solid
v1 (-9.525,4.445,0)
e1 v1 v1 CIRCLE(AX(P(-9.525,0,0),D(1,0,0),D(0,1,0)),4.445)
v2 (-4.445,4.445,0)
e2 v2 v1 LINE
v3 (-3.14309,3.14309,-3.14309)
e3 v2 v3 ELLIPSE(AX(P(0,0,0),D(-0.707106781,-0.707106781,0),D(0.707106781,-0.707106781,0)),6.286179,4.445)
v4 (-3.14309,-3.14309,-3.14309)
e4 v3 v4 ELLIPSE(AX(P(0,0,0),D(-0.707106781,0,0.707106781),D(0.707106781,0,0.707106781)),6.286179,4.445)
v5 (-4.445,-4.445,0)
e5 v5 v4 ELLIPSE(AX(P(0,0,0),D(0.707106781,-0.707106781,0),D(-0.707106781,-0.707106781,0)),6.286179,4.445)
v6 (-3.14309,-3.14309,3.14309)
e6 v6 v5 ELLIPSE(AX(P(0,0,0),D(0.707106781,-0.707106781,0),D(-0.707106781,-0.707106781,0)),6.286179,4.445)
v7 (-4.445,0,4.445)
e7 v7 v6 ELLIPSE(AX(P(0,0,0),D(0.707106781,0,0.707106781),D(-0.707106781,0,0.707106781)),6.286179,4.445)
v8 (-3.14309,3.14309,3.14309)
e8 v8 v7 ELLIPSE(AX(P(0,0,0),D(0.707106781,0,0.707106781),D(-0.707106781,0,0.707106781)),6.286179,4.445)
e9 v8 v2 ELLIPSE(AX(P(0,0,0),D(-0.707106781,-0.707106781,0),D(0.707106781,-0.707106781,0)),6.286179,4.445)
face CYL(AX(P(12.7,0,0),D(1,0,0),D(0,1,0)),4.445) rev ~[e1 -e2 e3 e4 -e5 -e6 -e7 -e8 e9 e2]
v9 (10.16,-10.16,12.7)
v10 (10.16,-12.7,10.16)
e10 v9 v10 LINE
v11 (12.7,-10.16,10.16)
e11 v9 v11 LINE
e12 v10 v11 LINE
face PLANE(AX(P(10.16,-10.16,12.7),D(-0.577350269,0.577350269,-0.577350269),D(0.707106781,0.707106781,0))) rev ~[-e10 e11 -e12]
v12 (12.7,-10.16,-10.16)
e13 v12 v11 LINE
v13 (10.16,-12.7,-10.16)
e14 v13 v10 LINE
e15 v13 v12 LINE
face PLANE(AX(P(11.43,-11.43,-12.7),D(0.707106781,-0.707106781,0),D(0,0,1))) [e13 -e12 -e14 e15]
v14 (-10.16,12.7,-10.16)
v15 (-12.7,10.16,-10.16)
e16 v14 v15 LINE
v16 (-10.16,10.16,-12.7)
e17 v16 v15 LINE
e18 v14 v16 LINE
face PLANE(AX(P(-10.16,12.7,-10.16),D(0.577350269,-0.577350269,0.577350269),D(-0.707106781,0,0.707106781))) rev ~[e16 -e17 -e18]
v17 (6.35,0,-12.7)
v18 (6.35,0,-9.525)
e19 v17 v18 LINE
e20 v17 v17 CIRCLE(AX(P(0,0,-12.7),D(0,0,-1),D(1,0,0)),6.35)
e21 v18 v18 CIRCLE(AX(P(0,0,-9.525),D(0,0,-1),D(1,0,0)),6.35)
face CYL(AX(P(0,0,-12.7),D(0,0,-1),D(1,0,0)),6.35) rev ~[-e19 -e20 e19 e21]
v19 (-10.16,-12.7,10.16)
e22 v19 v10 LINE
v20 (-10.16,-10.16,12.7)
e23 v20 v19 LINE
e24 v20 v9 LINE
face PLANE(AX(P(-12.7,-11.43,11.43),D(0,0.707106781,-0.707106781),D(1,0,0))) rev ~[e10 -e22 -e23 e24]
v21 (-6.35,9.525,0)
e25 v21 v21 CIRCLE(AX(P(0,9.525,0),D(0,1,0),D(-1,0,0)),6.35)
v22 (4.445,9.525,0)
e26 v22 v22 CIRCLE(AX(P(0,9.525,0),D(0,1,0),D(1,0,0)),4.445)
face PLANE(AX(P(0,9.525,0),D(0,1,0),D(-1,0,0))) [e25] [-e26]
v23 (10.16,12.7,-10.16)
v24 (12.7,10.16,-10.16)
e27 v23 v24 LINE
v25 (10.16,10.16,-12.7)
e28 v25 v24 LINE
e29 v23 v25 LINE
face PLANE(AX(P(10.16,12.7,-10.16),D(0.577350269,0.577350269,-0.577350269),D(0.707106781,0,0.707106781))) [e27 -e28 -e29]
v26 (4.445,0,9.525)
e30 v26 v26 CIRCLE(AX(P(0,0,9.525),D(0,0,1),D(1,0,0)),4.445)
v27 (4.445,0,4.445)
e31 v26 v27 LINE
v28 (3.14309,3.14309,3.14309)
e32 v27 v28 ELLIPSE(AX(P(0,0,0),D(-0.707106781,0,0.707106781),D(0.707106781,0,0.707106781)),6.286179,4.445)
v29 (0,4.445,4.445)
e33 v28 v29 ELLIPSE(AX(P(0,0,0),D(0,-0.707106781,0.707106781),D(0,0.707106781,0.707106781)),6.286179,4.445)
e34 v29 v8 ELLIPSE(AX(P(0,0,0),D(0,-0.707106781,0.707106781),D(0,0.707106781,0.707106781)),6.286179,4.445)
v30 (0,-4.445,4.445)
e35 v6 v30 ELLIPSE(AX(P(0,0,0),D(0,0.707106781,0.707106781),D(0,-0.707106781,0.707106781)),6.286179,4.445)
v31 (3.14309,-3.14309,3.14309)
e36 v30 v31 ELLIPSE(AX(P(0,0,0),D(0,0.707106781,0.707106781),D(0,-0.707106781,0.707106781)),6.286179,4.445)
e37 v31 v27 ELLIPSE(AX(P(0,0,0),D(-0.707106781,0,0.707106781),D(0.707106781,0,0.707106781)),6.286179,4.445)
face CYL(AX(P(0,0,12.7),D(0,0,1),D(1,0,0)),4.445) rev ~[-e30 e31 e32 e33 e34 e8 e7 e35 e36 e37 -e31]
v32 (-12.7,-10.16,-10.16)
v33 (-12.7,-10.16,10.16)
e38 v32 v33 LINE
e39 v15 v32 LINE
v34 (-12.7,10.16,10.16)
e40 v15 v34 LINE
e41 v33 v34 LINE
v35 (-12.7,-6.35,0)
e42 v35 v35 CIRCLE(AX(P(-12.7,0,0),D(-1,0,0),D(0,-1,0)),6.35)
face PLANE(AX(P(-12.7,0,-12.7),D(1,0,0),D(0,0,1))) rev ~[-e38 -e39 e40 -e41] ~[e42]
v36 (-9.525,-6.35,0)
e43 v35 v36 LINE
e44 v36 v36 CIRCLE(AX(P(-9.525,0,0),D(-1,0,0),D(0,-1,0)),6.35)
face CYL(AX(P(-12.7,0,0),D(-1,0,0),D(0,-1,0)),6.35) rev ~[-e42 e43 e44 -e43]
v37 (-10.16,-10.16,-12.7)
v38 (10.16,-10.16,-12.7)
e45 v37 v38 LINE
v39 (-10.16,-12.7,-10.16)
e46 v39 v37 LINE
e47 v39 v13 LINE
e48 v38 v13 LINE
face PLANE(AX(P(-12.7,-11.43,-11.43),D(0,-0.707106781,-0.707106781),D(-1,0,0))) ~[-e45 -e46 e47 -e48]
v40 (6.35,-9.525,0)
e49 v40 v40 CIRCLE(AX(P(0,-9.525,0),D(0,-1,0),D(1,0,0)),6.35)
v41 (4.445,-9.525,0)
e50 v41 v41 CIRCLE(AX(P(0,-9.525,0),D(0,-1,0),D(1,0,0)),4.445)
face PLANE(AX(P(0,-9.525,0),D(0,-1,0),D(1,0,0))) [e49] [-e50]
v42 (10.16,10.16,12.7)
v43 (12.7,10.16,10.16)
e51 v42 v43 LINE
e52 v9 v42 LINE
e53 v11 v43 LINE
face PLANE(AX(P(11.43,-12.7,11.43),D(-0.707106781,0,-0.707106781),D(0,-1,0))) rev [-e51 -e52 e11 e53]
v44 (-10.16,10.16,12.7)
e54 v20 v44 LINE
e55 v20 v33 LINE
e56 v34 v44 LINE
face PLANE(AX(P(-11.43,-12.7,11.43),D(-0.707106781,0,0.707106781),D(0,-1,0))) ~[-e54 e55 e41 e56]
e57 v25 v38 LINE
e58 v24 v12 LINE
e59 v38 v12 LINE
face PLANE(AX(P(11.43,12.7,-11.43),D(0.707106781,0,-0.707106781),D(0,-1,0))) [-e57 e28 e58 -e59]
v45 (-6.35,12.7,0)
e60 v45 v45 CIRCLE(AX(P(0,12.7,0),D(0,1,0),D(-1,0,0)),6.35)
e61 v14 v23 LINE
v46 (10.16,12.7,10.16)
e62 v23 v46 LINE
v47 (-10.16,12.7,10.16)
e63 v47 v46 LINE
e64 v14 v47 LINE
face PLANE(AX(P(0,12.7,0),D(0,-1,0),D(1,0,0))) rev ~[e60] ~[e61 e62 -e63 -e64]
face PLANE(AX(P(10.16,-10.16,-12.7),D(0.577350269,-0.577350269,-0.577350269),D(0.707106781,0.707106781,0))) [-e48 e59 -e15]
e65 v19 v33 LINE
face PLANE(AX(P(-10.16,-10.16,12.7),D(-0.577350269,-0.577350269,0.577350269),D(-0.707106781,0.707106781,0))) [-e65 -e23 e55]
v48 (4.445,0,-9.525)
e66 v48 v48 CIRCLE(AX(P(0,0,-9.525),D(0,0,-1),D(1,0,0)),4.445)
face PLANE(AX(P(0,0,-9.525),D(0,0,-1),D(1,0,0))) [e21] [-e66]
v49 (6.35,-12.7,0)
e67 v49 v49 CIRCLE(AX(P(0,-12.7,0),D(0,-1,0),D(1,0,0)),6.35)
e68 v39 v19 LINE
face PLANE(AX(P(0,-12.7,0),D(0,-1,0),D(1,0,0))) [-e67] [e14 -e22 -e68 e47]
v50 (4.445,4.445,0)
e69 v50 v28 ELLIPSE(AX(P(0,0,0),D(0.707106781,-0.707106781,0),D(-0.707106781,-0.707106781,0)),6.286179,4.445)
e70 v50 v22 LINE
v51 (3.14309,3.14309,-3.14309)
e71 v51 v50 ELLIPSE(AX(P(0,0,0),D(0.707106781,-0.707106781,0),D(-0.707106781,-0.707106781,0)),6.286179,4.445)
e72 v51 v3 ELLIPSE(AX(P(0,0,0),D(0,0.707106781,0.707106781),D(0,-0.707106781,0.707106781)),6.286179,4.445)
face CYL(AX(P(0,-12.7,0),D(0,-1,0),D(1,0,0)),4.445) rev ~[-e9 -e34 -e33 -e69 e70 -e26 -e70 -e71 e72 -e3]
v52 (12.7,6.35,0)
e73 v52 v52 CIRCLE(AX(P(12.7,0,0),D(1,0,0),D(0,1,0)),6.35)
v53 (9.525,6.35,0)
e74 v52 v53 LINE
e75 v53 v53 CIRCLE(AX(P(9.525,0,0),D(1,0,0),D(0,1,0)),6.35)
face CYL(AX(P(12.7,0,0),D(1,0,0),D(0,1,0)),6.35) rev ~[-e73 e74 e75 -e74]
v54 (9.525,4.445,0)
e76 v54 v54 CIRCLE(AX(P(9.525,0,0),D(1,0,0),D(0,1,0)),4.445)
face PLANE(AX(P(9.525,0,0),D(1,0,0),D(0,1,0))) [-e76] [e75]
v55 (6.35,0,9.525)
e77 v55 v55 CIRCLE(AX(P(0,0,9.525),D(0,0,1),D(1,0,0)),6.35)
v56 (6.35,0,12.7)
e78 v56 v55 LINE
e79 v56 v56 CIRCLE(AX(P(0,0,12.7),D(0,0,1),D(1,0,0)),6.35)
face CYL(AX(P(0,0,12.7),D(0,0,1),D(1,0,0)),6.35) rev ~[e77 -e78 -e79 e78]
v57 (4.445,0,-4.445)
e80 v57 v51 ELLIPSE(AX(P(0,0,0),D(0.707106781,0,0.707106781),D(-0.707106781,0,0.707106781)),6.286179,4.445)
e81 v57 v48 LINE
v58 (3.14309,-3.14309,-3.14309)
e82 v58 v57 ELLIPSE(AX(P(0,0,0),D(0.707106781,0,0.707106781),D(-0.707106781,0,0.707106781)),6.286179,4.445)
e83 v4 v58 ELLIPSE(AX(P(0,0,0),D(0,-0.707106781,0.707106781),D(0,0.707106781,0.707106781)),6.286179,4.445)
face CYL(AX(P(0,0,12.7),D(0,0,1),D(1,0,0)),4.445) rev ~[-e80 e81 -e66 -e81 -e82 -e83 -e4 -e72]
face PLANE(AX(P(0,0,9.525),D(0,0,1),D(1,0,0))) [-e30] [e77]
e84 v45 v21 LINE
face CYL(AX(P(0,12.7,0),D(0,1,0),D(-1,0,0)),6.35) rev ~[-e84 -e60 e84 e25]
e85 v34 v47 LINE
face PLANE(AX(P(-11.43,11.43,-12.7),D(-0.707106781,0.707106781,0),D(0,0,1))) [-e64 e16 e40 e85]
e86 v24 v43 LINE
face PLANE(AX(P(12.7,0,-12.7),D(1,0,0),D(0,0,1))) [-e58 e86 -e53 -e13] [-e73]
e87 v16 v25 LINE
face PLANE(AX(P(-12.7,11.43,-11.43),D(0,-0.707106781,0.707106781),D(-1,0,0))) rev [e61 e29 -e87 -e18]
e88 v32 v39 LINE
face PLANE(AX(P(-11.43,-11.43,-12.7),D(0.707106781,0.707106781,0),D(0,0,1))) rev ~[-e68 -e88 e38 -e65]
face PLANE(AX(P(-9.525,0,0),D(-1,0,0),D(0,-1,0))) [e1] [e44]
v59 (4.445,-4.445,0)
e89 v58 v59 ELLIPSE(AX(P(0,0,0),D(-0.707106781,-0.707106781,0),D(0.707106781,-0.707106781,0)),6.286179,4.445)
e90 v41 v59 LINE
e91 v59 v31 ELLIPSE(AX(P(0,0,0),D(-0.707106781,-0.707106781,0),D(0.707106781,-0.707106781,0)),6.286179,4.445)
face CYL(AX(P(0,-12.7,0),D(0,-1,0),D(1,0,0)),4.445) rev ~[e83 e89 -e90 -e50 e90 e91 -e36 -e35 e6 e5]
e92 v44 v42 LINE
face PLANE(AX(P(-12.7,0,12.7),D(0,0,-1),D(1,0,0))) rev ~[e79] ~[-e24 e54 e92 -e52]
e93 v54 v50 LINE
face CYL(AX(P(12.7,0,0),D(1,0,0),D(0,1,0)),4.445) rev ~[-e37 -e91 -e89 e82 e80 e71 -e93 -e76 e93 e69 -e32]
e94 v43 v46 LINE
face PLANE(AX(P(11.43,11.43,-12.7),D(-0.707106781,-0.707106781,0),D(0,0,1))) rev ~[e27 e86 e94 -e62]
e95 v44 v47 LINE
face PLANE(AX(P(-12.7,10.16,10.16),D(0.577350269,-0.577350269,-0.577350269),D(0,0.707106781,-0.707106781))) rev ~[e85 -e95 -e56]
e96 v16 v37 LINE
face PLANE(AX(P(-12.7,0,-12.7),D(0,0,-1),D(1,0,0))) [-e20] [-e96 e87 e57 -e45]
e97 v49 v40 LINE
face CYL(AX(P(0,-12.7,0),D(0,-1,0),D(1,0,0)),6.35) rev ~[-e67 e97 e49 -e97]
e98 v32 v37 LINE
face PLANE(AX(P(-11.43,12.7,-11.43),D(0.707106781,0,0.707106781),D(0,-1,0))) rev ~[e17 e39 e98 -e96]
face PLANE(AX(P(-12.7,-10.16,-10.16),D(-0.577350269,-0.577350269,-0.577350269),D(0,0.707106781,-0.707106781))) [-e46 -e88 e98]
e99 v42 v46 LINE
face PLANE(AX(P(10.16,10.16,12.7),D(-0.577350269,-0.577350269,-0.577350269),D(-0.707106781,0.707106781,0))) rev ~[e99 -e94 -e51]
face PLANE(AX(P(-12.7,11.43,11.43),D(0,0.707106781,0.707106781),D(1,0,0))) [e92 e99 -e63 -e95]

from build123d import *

# Parameters (mm, degrees)
F0_W          = 25.4
F0_H          = 25.4
F1_DEPTH      = 12.7
F1_DEPTH_BACK = 12.7
F2_R          = 4.445
F8_DEPTH      = 25.4
F4_R          = 4.445
F9_DEPTH      = 25.4
F6_R          = 4.445
F10_DEPTH     = 25.4
F2_R_2        = 6.35
F11_DEPTH     = 3.175
F3_R          = 6.35
F3_R_2        = 4.445
F12_DEPTH     = 3.175
F4_R_2        = 6.35
F13_DEPTH     = 3.175
F5_R          = 6.35
F5_R_2        = 4.445
F14_DEPTH     = 3.175
F6_R_2        = 6.35
F15_DEPTH     = 3.175
F7_R          = 6.35
F7_R_2        = 4.445
F16_DEPTH     = 3.175
F17_SIZE      = 2.54


with BuildPart() as f1:
    # F0 (on Front) → F1 (new body, two sides)
    with BuildSketch(Plane.XZ) as f1_sk:
        Rectangle(F0_W, F0_H)
    extrude(amount=F1_DEPTH)
    extrude(f1_sk.sketch, amount=-F1_DEPTH_BACK)

    # F2 (on face) → F8 (cut)
    with BuildSketch(Plane.XY.offset(12.7)):
        Circle(F2_R)
    extrude(amount=-F8_DEPTH, mode=Mode.SUBTRACT)

    # F4 (on face) → F9 (cut)
    with BuildSketch(Plane.XZ.offset(12.7)):
        Circle(F4_R)
    extrude(amount=-F9_DEPTH, mode=Mode.SUBTRACT)

    # F6 (on face) → F10 (cut)
    with BuildSketch(Plane.YZ.offset(12.7)):
        Circle(F6_R)
    extrude(amount=-F10_DEPTH, mode=Mode.SUBTRACT)

    # F2 (on face) → F11 (cut)
    with BuildSketch(Plane.XY.offset(12.7)):
        Circle(F2_R_2)
        Circle(F2_R, mode=Mode.SUBTRACT)
    extrude(amount=-F11_DEPTH, mode=Mode.SUBTRACT)

    # F3 (on face) → F12 (cut)
    with BuildSketch(Plane(origin=(0, 0, -12.7), x_dir=(1, 0, 0), z_dir=(0, 0, -1))):
        Circle(F3_R)
        Circle(F3_R_2, mode=Mode.SUBTRACT)
    extrude(amount=-F12_DEPTH, mode=Mode.SUBTRACT)

    # F4 (on face) → F13 (cut)
    with BuildSketch(Plane.XZ.offset(12.7)):
        Circle(F4_R_2)
        Circle(F4_R, mode=Mode.SUBTRACT)
    extrude(amount=-F13_DEPTH, mode=Mode.SUBTRACT)

    # F5 (on face) → F14 (cut)
    with BuildSketch(Plane(origin=(0, 12.7, 0), x_dir=(-1, 0, 0), z_dir=(0, 1, 0))):
        Circle(F5_R)
        Circle(F5_R_2, mode=Mode.SUBTRACT)
    extrude(amount=-F14_DEPTH, mode=Mode.SUBTRACT)

    # F6 (on face) → F15 (cut)
    with BuildSketch(Plane.YZ.offset(12.7)):
        Circle(F6_R_2)
        Circle(F6_R, mode=Mode.SUBTRACT)
    extrude(amount=-F15_DEPTH, mode=Mode.SUBTRACT)

    # F7 (on face) → F16 (cut)
    with BuildSketch(Plane(origin=(-12.7, 0, 0), x_dir=(0, -1, 0), z_dir=(-1, 0, 0))):
        Circle(F7_R)
        Circle(F7_R_2, mode=Mode.SUBTRACT)
    extrude(amount=-F16_DEPTH, mode=Mode.SUBTRACT)

    # F17
    f17_edges = [f1.edges().sort_by_distance(p)[0] for p in [
        (12.7, -12.7, 0),
        (0, -12.7, -12.7),
        (-12.7, -12.7, 0),
        (0, -12.7, 12.7),
        (12.7, 0, -12.7),
        (-12.7, 0, -12.7),
        (0, 12.7, -12.7),
        (12.7, 12.7, 0),
        (12.7, 0, 12.7),
        (0, 12.7, 12.7),
        (-12.7, 0, 12.7),
        (-12.7, 12.7, 0),
    ]]
    chamfer(f17_edges, length=F17_SIZE)


solid = f1.part
